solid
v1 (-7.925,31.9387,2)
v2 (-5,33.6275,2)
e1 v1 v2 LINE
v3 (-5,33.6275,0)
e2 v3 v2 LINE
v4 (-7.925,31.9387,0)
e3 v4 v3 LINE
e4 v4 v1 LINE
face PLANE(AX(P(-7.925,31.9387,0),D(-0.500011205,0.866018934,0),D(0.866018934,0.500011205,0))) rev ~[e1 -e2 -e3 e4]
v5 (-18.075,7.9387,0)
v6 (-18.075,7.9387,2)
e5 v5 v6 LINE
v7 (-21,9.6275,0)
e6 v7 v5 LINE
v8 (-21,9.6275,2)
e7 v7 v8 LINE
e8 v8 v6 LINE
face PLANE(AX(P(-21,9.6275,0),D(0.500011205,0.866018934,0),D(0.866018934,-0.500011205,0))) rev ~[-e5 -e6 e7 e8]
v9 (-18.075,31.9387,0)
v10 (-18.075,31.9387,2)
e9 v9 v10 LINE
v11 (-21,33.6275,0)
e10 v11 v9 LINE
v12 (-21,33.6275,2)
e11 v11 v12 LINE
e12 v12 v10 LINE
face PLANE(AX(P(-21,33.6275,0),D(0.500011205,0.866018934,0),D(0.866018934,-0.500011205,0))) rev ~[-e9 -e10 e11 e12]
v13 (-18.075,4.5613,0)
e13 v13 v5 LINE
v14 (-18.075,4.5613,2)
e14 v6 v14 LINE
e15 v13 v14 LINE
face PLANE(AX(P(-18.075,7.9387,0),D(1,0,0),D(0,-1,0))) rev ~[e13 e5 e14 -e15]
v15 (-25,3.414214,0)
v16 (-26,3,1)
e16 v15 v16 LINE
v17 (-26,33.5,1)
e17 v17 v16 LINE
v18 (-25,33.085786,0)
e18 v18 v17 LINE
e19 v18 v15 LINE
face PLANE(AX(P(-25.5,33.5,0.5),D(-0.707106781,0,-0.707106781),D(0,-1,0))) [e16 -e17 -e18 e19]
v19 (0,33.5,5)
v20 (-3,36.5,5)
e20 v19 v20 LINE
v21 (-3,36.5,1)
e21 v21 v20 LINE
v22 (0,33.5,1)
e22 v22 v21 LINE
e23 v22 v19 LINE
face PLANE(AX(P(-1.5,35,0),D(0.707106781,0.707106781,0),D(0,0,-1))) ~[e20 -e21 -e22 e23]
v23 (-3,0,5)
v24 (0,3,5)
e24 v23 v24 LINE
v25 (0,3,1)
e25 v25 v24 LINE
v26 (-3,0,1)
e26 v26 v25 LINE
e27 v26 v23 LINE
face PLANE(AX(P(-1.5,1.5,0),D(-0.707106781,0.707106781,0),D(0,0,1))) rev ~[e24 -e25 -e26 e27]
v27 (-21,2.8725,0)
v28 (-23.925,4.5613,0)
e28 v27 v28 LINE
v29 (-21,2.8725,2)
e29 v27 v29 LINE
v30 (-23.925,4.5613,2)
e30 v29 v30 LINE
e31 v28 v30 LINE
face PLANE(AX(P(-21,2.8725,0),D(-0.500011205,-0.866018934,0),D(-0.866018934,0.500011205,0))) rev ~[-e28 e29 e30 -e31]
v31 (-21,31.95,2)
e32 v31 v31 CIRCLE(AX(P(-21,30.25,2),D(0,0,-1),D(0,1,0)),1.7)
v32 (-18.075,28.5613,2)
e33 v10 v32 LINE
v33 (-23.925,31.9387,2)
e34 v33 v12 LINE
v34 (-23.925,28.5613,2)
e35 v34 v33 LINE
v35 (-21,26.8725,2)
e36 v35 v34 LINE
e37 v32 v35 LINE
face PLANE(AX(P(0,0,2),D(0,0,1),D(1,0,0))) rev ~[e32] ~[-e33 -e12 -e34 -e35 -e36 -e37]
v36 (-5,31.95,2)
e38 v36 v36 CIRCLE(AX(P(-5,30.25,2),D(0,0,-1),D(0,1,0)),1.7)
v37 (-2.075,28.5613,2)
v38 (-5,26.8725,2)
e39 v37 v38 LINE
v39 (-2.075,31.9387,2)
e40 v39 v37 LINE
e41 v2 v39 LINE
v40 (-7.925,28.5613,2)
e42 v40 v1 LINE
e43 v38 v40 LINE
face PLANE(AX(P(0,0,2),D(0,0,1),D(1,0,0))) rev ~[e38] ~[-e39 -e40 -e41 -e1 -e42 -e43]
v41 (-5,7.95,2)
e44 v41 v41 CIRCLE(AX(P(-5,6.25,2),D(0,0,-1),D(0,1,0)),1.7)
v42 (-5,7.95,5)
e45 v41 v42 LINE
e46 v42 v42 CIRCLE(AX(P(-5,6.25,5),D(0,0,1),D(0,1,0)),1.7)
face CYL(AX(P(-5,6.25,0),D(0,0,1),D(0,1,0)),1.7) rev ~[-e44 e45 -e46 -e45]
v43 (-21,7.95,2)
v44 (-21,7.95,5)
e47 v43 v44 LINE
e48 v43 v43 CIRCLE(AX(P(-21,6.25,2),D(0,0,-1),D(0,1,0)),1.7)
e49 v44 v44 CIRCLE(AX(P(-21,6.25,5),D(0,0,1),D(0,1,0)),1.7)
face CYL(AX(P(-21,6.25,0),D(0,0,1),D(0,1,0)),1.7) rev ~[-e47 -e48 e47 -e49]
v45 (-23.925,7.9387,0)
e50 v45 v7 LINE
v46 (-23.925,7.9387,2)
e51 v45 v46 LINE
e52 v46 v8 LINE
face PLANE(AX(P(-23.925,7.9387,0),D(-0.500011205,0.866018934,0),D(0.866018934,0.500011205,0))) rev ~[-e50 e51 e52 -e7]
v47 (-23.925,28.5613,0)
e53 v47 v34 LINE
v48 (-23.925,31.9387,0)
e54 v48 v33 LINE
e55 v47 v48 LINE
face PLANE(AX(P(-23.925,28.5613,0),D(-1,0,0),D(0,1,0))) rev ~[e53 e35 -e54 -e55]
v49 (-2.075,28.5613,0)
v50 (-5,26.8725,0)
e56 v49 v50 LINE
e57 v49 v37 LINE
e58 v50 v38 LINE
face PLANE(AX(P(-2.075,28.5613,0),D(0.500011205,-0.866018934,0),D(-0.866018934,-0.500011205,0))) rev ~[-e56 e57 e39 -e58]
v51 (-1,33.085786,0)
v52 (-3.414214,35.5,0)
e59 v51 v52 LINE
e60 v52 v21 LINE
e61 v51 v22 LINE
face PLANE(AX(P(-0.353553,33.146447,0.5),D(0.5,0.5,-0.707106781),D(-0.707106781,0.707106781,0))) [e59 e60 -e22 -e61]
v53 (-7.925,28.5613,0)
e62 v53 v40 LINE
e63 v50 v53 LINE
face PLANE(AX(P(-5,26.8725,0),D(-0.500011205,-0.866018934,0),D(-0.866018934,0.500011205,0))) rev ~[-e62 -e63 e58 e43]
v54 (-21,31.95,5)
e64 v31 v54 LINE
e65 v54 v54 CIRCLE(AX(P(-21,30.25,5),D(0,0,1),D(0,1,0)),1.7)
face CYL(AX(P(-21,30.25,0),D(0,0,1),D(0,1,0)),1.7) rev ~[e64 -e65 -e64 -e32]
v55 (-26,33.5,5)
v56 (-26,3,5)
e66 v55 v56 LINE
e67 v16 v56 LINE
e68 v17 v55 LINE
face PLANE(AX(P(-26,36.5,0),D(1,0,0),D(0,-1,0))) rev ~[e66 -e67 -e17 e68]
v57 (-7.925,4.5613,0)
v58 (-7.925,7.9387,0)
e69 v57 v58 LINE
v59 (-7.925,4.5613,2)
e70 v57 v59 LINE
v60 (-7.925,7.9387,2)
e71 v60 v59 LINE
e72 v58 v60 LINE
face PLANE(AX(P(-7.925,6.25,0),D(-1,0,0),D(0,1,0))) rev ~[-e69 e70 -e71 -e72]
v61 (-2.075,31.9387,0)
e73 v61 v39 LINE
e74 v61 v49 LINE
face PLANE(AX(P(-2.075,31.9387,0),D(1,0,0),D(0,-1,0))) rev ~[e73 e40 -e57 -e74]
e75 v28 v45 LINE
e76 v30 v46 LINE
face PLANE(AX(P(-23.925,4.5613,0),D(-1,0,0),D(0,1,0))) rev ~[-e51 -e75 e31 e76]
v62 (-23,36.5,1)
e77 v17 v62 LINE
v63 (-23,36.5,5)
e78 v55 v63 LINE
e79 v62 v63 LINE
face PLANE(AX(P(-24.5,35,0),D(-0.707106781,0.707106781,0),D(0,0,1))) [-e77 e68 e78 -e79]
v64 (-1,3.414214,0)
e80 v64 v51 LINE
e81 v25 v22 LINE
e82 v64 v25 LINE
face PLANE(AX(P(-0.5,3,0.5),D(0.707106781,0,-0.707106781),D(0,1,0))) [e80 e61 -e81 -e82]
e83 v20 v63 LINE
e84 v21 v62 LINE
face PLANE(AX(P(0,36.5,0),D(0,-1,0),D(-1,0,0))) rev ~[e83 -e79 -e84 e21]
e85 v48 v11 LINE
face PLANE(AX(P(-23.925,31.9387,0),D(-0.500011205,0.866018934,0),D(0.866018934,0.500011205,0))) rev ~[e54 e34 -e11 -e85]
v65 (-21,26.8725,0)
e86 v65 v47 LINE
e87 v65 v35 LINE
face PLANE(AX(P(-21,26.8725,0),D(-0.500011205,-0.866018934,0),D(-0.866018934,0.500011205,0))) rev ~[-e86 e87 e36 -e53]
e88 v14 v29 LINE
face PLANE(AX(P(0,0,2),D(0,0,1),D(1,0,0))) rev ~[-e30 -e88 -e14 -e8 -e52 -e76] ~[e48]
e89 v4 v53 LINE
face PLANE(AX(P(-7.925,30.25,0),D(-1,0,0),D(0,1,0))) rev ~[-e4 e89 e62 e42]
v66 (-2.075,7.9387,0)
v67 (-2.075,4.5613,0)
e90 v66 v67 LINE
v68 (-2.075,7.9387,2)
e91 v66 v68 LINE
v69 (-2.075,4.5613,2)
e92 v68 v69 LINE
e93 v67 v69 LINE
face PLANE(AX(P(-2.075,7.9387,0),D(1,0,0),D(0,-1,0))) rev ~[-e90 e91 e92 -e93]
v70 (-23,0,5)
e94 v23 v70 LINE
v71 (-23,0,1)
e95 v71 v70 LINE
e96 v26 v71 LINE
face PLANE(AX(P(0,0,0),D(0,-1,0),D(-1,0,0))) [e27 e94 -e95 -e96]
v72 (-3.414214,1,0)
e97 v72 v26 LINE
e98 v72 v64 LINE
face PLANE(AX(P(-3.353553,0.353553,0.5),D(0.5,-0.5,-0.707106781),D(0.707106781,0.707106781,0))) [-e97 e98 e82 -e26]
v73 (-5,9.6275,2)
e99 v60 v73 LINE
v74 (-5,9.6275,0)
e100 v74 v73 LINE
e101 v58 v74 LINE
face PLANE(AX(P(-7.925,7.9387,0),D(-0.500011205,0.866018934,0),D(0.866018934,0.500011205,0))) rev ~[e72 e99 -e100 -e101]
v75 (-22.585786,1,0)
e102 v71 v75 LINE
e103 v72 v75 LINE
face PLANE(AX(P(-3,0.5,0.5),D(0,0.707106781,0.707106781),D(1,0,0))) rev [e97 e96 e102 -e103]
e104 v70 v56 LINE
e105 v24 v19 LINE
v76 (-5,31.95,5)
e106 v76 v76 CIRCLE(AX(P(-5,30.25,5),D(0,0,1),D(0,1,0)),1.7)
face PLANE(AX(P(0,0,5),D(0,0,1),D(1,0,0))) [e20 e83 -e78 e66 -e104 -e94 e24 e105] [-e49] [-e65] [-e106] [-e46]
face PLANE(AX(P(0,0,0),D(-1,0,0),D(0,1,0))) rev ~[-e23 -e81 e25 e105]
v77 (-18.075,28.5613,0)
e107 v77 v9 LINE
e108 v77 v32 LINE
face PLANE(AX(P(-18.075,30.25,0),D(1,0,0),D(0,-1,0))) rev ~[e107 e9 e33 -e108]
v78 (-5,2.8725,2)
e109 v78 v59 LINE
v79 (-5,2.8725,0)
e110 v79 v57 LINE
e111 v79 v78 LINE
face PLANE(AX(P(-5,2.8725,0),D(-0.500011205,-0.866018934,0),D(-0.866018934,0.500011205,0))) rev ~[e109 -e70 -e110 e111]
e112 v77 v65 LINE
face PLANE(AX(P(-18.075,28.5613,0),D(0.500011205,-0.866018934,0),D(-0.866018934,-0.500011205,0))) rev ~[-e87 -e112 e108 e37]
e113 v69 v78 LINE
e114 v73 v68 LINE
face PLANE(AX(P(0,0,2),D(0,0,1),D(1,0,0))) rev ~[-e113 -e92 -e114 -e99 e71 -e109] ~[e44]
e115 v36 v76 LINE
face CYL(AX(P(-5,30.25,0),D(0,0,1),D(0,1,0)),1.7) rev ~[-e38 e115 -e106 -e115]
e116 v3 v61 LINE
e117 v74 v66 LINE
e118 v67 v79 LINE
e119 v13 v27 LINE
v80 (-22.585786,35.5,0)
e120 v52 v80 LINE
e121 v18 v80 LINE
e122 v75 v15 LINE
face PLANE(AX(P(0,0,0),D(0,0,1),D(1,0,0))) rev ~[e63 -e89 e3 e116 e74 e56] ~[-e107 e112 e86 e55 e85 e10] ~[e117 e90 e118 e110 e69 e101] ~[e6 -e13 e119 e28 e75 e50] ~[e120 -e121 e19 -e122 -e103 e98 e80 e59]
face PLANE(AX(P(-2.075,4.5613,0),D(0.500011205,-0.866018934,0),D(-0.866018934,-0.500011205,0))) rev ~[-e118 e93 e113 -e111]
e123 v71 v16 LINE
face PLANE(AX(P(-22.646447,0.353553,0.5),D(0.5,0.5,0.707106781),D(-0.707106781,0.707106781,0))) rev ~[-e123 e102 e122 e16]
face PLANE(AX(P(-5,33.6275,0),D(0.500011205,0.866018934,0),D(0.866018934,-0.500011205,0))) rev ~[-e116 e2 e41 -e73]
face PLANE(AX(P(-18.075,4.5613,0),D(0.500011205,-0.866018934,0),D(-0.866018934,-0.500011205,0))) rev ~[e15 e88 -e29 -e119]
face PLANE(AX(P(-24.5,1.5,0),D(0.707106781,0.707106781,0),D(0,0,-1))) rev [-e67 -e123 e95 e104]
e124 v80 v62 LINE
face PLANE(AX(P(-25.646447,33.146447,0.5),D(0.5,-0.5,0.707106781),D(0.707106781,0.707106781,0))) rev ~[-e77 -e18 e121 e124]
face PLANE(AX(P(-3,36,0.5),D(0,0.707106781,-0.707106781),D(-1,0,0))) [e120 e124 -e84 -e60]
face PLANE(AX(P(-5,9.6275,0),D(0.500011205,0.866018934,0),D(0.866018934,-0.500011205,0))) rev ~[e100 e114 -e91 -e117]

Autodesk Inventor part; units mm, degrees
ref_plane "YZ Plane" through (0, 0, 0) normal (1, 0, 0) x (0, 1, 0)
ref_plane "XZ Plane" through (0, 0, 0) normal (0, 1, 0) x (-1, 0, 0)
ref_plane "XY Plane" through (0, 0, 0) normal (0, 0, 1) x (1, 0, 0)
sketch "Sketch1" plane through (0, 0, 0) normal (0, 0, 1) x (1, 0, 0)
  line L0 (0, 0) -> (-26, 0)
  line L1 (0, 0) -> (0, 36.5)
  line L2 (0, 36.5) -> (-26, 36.5)
  line L3 (-26, 36.5) -> (-26, 0)
  dimension "d0" = 26
  dimension "d1" = 36.5
sketch "Sketch2" plane through (0, 0, 0) normal (0, 0, 1) x (1, 0, 0)
  line L0 (-13, 0) -> (-13, 6.25)
  circle A0 centre (-21, 30.25) radius 1.7
  circle A1 centre (-21, 6.25) radius 1.7
  circle A2 centre (-5, 30.25) radius 1.7
  circle A3 centre (-5, 6.25) radius 1.7
  line L1 (-13, 6.25) -> (-5, 6.25)
  line L2 (-13, 6.25) -> (-21, 6.25)
  line L3 (-21, 30.25) -> (-5, 30.25)
  line L4 (-5, 30.25) -> (-5, 6.25)
  line L5 (-21, 18.25) -> (-13, 18.25)
  line L6 (-13, 18.25) -> (-13, 6.25)
  line L7 (-21, 6.25) -> (-21, 18.25)
  line L8 (-21, 18.25) -> (-21, 30.25)
  line L9 (0, 0) -> (-13, 0)
  line L10 (-18.075, 4.5613) -> (-21, 2.8725)
  line L11 (-21, 2.8725) -> (-23.925, 4.5613)
  line L12 (-23.925, 4.5613) -> (-23.925, 7.9387)
  line L13 (-23.925, 7.9387) -> (-21, 9.6275)
  line L14 (-21, 9.6275) -> (-18.075, 7.9387)
  line L15 (-18.075, 7.9387) -> (-18.075, 4.5613)
  line L16 (-7.925, 7.9387) -> (-5, 9.6275)
  line L17 (-5, 9.6275) -> (-2.075, 7.9387)
  line L18 (-2.075, 7.9387) -> (-2.075, 4.5613)
  line L19 (-2.075, 4.5613) -> (-5, 2.8725)
  line L20 (-5, 2.8725) -> (-7.925, 4.5613)
  line L21 (-7.925, 4.5613) -> (-7.925, 7.9387)
  line L22 (-7.925, 31.9387) -> (-5, 33.6275)
  line L23 (-5, 33.6275) -> (-2.075, 31.9387)
  line L24 (-2.075, 31.9387) -> (-2.075, 28.5613)
  line L25 (-2.075, 28.5613) -> (-5, 26.8725)
  line L26 (-5, 26.8725) -> (-7.925, 28.5613)
  line L27 (-7.925, 28.5613) -> (-7.925, 31.9387)
  line L28 (-18.075, 28.5613) -> (-21, 26.8725)
  line L29 (-21, 26.8725) -> (-23.925, 28.5613)
  line L30 (-23.925, 28.5613) -> (-23.925, 31.9387)
  line L31 (-23.925, 31.9387) -> (-21, 33.6275)
  line L32 (-21, 33.6275) -> (-18.075, 31.9387)
  line L33 (-18.075, 31.9387) -> (-18.075, 28.5613)
  point P0 (8.2274, 51.4671)
  point P1 (-18.075, 6.25)
  point P2 (-7.925, 6.25)
  point P3 (-7.925, 30.25)
  point P4 (-18.075, 30.25)
  dimension "d2" = 3.4
  dimension "d3" = 3.4
  dimension "d4" = 3.4
  dimension "d5" = 3.4
  dimension "d7" = 8
  dimension "d8" = 8
  dimension "d9" = 12
  dimension "d10" = 12
  dimension "d12" = 18.25
  dimension "d13" = 13
  dimension "d34" = 5.85
  dimension "d35" = 5.85
  dimension "d36" = 5.85
  dimension "d37" = 5.85
extrude "Extrusion1" add sketch "Sketch1" along normal blind 5
hole "Hole1" at (8.2274, 51.4671, 0) at (-5, 30.25, 0) at (-21, 30.25, 0) at (-21, 6.25, 0) at (-5, 6.25, 0) direction (0, 0, 1) diameter 3.4 end through all
chamfer "Chamfer1" distance 3 angle 45 4 edges at (0, 0, 2.5) (-26, 0, 2.5) (-26, 36.5, 2.5) (0, 36.5, 2.5)
extrude "Extrusion3" cut sketch "Sketch2" along normal blind 2 contours L3 L33 L28 L8 A0 | A0 L8 L29 L30 L31 L32 L33 L3 | L27 L22 L23 L24 L25 L4 A2 L3 | L3 A2 L4 L26 L27 | L14 L15 L2 A1 L7 | L7 A1 L2 L15 L10 L11 L12 L13 | L17 L18 L19 L20 L21 L1 A3 L4 | L4 A3 L1 L21 L16
chamfer "Chamfer2" distance 1 angle 45 8 edges at (-1.5, 1.5, 0) (-13, 0, 0) (-24.5, 1.5, 0) (-26, 18.25, 0) (-13, 36.5, 0) (-1.5, 35, 0) (-24.5, 35, 0) (0, 18.25, 0)
equation "\"d3\" = d2"
equation "\"d4\" = d2"
equation "\"d5\" = d2"
equation "\"d8\" = d7"
equation "\"d9\" = d10"
equation "\"d13\" = 0.5 * d0"
equation "\"d35\" = d34"
equation "\"d36\" = d34"
equation "\"d37\" = d34"
equation "\"d16\" = d2"
properties part number "camera_adapter"
